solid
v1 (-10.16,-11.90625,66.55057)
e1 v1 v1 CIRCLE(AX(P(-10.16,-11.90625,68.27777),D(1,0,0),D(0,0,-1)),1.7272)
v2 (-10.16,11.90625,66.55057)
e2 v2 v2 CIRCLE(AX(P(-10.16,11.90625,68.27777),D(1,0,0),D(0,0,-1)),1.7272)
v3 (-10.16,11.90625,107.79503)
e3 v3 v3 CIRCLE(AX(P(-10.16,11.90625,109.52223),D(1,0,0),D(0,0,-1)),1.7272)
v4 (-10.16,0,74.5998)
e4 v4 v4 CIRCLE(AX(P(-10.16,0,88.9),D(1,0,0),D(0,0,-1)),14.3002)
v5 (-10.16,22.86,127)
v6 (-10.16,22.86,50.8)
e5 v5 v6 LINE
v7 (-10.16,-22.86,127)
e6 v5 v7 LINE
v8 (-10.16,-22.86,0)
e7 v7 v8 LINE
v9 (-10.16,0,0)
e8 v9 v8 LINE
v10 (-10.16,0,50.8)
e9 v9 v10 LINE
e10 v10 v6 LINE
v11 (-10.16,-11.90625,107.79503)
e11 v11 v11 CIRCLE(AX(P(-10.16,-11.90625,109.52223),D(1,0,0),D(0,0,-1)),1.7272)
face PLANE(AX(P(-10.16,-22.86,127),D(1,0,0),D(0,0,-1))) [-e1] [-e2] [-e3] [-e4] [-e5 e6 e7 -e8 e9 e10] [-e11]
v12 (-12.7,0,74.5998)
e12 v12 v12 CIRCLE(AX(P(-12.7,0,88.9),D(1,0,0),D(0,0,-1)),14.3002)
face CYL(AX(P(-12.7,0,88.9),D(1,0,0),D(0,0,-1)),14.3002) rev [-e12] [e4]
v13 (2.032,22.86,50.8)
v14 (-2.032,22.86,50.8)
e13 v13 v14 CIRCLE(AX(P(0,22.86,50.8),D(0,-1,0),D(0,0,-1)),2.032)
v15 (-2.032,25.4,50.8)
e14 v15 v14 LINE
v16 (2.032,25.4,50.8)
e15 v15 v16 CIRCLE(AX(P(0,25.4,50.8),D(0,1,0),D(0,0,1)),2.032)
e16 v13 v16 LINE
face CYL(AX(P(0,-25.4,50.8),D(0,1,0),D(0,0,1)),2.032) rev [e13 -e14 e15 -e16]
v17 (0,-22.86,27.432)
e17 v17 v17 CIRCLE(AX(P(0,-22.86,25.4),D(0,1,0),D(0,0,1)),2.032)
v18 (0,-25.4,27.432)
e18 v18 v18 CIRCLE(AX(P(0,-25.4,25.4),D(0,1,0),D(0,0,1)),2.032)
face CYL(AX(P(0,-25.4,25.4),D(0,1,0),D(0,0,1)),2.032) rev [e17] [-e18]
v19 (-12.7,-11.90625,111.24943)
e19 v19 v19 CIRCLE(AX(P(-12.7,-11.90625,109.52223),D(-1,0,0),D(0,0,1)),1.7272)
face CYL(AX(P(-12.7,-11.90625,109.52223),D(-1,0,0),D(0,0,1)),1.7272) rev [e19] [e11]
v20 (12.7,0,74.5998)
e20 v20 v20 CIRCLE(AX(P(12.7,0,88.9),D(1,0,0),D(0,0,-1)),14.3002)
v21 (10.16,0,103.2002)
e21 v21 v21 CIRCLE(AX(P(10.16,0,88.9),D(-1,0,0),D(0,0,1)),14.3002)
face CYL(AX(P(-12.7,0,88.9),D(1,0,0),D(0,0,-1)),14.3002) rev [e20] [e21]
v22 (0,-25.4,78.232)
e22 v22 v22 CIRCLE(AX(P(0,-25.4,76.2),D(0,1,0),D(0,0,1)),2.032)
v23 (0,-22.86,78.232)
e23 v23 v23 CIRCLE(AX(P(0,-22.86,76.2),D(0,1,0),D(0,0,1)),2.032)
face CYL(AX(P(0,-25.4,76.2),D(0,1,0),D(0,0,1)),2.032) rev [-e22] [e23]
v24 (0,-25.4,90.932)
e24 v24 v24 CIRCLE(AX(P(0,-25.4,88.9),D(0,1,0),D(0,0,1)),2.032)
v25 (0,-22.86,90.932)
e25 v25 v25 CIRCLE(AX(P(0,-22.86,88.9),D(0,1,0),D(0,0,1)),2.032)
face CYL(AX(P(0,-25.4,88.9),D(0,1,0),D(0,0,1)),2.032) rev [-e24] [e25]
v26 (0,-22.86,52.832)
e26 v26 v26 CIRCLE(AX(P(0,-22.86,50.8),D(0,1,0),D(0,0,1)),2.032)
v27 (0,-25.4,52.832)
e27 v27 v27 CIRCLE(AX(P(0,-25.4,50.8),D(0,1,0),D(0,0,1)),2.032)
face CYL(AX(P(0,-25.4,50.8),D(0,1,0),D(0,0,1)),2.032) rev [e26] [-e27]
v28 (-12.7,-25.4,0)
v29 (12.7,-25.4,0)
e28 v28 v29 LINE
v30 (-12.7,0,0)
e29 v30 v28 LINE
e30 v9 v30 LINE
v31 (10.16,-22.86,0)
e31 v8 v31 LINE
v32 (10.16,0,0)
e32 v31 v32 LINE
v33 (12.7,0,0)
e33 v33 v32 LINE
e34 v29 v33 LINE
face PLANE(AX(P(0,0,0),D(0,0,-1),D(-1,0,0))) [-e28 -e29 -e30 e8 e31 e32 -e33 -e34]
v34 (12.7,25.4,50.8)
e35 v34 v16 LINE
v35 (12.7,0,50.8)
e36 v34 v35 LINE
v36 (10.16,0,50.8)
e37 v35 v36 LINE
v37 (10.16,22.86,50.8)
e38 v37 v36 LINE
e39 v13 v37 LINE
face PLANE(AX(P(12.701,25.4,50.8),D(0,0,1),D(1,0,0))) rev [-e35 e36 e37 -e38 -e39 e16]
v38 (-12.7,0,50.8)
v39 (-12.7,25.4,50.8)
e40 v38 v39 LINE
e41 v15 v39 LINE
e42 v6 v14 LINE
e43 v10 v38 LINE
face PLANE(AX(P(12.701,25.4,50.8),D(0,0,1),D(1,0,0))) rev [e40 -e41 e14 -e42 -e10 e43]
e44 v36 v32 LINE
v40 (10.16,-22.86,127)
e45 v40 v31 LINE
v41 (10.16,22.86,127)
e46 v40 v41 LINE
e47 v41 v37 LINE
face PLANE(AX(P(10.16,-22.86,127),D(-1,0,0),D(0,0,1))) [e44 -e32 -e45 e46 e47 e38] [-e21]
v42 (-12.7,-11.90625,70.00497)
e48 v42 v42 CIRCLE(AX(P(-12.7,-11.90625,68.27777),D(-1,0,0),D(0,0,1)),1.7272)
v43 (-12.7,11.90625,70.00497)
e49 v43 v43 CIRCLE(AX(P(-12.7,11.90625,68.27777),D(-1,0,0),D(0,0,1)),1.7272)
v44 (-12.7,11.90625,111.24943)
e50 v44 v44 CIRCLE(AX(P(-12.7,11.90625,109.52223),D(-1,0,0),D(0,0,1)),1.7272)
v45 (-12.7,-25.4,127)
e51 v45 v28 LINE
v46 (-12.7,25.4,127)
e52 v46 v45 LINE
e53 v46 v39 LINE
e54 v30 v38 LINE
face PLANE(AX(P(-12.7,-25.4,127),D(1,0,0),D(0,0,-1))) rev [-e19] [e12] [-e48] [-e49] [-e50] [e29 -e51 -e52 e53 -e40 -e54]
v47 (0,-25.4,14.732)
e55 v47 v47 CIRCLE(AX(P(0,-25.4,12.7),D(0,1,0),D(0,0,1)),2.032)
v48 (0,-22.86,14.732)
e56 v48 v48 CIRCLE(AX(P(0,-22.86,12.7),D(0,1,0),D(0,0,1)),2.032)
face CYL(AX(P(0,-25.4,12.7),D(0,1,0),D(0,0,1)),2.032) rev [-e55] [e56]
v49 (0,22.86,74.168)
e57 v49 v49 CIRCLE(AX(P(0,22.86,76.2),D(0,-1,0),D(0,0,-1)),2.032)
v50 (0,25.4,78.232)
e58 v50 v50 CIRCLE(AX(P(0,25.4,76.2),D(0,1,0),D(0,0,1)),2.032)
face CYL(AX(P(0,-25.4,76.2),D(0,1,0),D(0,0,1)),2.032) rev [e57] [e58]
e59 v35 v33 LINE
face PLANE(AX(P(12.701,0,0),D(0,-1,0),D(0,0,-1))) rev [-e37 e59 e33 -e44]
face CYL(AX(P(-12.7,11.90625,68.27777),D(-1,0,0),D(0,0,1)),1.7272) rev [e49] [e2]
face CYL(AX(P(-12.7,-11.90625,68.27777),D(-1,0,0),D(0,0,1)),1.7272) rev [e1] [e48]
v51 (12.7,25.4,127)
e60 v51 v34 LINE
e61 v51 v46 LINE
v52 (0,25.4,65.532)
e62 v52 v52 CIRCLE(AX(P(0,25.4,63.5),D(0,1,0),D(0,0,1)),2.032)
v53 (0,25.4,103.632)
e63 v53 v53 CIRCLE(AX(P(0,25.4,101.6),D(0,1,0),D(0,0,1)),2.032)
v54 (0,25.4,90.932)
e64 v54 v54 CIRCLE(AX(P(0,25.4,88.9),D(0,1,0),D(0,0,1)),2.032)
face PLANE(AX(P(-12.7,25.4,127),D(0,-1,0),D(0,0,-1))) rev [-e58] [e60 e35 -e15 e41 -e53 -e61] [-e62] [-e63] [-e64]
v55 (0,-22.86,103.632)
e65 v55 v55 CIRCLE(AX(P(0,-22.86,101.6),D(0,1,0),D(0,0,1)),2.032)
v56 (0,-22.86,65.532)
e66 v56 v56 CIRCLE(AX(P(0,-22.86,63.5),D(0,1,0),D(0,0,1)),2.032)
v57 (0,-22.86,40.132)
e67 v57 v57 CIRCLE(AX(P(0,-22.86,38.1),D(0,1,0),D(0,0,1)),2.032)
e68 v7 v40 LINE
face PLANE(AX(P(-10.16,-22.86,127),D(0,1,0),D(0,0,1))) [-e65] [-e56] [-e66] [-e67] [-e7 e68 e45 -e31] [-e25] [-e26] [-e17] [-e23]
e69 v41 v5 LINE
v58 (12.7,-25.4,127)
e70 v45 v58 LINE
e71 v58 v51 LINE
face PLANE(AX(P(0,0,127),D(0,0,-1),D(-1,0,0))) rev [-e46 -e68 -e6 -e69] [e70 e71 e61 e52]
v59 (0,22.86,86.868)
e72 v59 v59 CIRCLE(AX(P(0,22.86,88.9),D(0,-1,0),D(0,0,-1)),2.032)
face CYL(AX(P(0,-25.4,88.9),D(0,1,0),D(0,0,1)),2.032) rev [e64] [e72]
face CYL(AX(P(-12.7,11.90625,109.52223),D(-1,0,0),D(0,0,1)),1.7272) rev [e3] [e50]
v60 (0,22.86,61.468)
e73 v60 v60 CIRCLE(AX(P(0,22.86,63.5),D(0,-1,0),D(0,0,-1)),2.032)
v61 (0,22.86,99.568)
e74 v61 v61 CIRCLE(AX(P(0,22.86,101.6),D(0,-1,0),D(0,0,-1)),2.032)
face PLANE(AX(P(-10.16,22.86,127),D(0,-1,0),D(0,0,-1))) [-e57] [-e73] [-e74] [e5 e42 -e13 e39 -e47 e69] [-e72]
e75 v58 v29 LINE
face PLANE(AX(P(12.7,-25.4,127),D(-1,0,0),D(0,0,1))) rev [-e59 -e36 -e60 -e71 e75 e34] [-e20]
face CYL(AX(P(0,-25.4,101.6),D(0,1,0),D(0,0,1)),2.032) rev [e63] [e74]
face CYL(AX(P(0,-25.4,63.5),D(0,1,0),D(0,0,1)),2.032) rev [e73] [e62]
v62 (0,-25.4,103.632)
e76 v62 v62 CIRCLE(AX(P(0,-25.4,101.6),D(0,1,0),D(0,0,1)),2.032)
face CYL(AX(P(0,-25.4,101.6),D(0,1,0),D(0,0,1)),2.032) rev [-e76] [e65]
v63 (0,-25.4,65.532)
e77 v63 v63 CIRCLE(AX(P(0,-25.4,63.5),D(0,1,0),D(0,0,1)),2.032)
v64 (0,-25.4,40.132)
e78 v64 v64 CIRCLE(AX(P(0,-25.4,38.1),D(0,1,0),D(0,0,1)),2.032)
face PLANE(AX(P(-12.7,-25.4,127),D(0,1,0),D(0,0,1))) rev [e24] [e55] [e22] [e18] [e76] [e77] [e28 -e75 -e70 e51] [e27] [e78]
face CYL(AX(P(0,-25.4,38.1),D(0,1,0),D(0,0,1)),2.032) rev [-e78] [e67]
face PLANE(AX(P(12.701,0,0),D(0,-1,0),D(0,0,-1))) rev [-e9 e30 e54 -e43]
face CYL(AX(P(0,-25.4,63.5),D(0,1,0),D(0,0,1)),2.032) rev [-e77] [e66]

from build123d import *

# Parameters (mm, degrees)
SKETCH1_W                 = 25.4
SKETCH1_H                 = 50.8
SKETCH1_W_2               = 20.32
SKETCH1_H_2               = 45.72
BOSS_EXTRUDE1_DEPTH       = 127
SKETCH2_R                 = 2.032
CUT_EXTRUDE1_DEPTH        = 138.371503595
SKETCH3_R                 = 14.3002
CUT_EXTRUDE2_DEPTH        = 132.982271537
CUT_EXTRUDE3_REACH        = 133.982
SKETCH4_W                 = 50.8
SKETCH4_H                 = 25.4
F_8_32_TAPPED_HOLE1_D     = 3.4544
F_8_32_TAPPED_HOLE1_DEPTH = 2.54


with BuildPart() as part:
    # Sketch1 → Boss-Extrude1 (new body)
    with BuildSketch(Plane.XY):
        Rectangle(SKETCH1_W, SKETCH1_H)
        Rectangle(SKETCH1_W_2, SKETCH1_H_2, mode=Mode.SUBTRACT)
    extrude(amount=BOSS_EXTRUDE1_DEPTH)

    # Sketch2 → Cut-Extrude1 (cut, through all)
    with BuildSketch(Plane(origin=(0, 25.4, 0), x_dir=(1, 0, 0), z_dir=(0, 1, 0))):
        with Locations(Location((0, -12.7, 0), (0, 0, 270))):
            Circle(SKETCH2_R)
        with Locations(Location((0, -25.4, 0), (0, 0, 270))):
            Circle(SKETCH2_R)
        with Locations(Location((0, -38.1, 0), (0, 0, 270))):
            Circle(SKETCH2_R)
        with Locations(Location((0, -50.8, 0), (0, 0, 270))):
            Circle(SKETCH2_R)
        with Locations(Location((0, -63.5, 0), (0, 0, 270))):
            Circle(SKETCH2_R)
        with Locations(Location((0, -76.2, 0), (0, 0, 270))):
            Circle(SKETCH2_R)
        with Locations(Location((0, -88.9, 0), (0, 0, 270))):
            Circle(SKETCH2_R)
        with Locations(Location((0, -101.6, 0), (0, 0, 270))):
            Circle(SKETCH2_R)
    extrude(amount=-CUT_EXTRUDE1_DEPTH, mode=Mode.SUBTRACT)

    # Sketch3 → Cut-Extrude2 (cut, through all)
    with BuildSketch(Plane(origin=(12.7, 0, 0), x_dir=(0, 0, -1), z_dir=(1, 0, 0))):
        with Locations((-88.9, 0)):
            Circle(SKETCH3_R)
    extrude(amount=-CUT_EXTRUDE2_DEPTH, mode=Mode.SUBTRACT)

    # Sketch4 → Cut-Extrude3 (cut, up to next)
    with BuildSketch(Plane.ZY.offset(12.7), mode=Mode.PRIVATE) as cut_extrude3_sk1:
        with Locations((25.4, 12.7)):
            Rectangle(SKETCH4_W, SKETCH4_H)
    cut_extrude3_tool1 = extrude(cut_extrude3_sk1.sketch, amount=-CUT_EXTRUDE3_REACH, mode=Mode.PRIVATE) & part.part
    add(cut_extrude3_tool1.solids().sort_by_distance((-12.7, 12.7, 25.4))[0], mode=Mode.SUBTRACT)

    # #8-32 Tapped Hole1
    with Locations(Plane.ZY.offset(12.7)):
        with Locations((109.522229928, 11.90625), (109.522229928, -11.90625), (68.277770072, -11.90625), (68.277770072, 11.90625)):
            Hole(F_8_32_TAPPED_HOLE1_D / 2, depth=F_8_32_TAPPED_HOLE1_DEPTH)


solid = part.part
